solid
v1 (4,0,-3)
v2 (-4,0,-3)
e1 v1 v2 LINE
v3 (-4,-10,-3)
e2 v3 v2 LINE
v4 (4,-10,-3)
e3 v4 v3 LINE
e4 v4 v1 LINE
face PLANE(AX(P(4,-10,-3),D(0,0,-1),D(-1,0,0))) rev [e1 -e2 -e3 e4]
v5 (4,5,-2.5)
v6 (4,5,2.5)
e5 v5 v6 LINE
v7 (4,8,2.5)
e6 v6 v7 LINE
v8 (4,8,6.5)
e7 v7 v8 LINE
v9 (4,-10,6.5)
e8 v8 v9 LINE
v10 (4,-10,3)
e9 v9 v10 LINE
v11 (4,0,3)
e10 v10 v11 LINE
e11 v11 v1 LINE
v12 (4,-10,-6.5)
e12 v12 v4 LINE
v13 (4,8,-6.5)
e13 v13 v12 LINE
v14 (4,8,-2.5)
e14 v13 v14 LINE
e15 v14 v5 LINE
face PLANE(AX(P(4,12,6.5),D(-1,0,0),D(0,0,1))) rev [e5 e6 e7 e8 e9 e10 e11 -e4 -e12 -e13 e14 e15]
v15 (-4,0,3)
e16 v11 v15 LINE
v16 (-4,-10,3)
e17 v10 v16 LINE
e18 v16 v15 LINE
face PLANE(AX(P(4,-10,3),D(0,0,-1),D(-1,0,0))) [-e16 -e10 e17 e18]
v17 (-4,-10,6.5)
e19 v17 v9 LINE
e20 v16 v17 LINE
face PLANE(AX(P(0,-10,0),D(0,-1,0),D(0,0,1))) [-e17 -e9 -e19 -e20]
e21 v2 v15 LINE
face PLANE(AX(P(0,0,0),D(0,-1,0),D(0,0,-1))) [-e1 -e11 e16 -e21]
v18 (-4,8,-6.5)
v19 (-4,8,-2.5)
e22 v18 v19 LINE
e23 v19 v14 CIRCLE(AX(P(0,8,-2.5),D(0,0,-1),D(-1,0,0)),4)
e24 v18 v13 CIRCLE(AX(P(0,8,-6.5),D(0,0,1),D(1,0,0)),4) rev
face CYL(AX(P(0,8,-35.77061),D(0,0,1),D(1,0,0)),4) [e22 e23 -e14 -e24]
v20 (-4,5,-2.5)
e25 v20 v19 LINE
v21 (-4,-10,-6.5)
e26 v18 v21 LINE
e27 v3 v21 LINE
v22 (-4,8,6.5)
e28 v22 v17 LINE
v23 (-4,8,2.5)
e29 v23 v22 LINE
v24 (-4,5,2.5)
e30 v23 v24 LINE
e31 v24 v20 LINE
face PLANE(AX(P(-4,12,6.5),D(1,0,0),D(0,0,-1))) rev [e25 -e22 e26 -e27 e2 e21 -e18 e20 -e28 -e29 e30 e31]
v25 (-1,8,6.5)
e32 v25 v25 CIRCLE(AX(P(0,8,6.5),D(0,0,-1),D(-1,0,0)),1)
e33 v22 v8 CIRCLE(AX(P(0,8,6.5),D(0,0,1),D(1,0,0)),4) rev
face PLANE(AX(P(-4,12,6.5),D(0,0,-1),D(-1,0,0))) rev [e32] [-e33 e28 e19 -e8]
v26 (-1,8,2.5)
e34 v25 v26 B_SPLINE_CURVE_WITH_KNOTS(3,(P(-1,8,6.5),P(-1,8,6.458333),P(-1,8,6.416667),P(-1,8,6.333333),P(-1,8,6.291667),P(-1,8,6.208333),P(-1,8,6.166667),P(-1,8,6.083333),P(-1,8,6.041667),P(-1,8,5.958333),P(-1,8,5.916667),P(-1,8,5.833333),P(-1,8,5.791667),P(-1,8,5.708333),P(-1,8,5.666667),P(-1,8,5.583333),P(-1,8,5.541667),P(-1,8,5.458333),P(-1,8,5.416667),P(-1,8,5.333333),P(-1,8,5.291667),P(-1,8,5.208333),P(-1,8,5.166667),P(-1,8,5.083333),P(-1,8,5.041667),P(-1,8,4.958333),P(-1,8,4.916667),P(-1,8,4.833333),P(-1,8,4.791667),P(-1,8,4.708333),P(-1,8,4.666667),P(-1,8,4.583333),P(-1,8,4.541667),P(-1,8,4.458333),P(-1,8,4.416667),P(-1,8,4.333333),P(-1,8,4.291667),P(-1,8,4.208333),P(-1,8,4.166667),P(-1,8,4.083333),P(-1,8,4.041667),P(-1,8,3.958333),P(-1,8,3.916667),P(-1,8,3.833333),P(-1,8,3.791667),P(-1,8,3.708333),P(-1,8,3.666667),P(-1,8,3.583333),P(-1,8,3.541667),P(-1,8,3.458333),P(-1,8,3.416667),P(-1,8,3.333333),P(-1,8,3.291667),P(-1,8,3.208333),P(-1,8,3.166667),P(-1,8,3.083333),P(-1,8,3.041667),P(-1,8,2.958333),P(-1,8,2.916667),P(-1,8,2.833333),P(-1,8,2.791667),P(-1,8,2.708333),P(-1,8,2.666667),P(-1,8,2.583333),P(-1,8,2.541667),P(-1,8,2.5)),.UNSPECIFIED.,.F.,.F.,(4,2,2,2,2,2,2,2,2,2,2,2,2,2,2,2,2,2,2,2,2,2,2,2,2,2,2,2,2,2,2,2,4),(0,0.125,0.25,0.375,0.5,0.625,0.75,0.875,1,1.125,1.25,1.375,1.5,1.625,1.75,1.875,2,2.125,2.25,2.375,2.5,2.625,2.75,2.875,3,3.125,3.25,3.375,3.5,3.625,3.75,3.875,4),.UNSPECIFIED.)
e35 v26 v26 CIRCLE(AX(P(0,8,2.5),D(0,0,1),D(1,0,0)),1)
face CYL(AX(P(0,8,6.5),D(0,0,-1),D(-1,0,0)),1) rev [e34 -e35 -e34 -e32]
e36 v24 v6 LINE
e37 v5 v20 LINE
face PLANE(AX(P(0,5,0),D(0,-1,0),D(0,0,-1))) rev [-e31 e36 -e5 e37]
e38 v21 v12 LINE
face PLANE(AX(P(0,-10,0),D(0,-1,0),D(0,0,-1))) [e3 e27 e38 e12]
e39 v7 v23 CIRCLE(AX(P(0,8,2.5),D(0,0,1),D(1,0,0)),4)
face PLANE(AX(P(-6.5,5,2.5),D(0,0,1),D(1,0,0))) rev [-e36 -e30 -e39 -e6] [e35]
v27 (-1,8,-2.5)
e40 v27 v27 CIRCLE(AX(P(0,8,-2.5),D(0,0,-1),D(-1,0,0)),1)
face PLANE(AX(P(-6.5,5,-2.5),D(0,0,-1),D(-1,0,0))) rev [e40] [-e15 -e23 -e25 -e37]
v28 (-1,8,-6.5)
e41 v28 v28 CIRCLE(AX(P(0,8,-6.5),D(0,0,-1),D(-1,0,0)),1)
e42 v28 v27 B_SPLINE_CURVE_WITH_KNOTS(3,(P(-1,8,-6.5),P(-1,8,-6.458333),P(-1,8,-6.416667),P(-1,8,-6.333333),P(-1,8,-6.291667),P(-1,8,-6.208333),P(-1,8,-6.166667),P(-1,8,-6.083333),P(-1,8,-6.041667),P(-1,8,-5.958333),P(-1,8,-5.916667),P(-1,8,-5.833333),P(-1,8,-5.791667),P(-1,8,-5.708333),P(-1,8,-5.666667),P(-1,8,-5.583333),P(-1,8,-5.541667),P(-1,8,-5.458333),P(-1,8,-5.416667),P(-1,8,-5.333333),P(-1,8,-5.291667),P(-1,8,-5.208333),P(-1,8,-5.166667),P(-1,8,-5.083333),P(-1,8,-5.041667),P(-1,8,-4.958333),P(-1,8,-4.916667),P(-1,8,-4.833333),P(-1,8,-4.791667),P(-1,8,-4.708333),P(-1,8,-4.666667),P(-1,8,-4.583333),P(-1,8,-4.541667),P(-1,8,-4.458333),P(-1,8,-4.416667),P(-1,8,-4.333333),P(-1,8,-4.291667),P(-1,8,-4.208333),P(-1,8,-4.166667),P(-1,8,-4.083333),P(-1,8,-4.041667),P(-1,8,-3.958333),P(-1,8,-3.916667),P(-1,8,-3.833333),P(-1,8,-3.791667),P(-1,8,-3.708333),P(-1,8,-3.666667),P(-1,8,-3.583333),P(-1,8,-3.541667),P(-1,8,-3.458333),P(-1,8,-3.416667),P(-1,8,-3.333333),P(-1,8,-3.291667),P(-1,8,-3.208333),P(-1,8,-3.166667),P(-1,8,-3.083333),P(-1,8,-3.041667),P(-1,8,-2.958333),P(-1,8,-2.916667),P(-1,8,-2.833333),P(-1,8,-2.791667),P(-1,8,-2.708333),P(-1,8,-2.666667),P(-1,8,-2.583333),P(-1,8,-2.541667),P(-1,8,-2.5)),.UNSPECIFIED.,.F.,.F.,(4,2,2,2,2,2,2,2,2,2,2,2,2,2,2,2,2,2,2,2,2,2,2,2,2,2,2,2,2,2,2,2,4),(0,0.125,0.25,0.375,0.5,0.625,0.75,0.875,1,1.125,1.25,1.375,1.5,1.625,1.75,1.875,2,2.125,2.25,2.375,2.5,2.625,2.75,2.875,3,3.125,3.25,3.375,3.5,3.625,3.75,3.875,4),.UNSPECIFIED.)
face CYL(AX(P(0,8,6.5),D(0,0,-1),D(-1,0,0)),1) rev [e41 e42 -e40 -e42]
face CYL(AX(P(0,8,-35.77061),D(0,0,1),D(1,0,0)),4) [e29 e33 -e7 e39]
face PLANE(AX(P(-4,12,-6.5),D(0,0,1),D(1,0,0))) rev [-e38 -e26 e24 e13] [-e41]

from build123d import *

# Parameters (mm, degrees)
SKETCH1_W           = 8
SKETCH1_H           = 13
BOSS_EXTRUDE1_DEPTH = 12
SKETCH2_W           = 13
SKETCH2_H           = 5
CUT_EXTRUDE1_DEPTH  = 7
SKETCH3_R           = 1
CUT_EXTRUDE2_DEPTH  = 19.138357147
CUT_EXTRUDE3_START  = -13
CUT_EXTRUDE3_DEPTH  = 32.138357147
SKETCH7_W           = 8
SKETCH7_H           = 3.5
BOSS_EXTRUDE4_DEPTH = 10


with BuildPart() as part:
    # Sketch1 → Boss-Extrude1 (new body)
    with BuildSketch(Plane(origin=(0, 0, 0), x_dir=(1, 0, 0), z_dir=(0, 1, 0))):
        Rectangle(SKETCH1_W, SKETCH1_H)
    extrude(amount=BOSS_EXTRUDE1_DEPTH)

    # Sketch2 → Cut-Extrude1 (cut)
    with BuildSketch(Plane(origin=(0, 12, 0), x_dir=(1, 0, 0), z_dir=(0, 1, 0))):
        Rectangle(SKETCH2_W, SKETCH2_H)
    extrude(amount=-CUT_EXTRUDE1_DEPTH, mode=Mode.SUBTRACT)

    # Sketch3 → Cut-Extrude2 (cut, through all)
    with BuildSketch(Plane(origin=(0, 0, -6.5), x_dir=(-1, 0, 0), z_dir=(0, 0, -1))):
        with Locations((0, 8)):
            Circle(SKETCH3_R)
    extrude(amount=-CUT_EXTRUDE2_DEPTH, mode=Mode.SUBTRACT)

    # Sketch4 → Cut-Extrude3 (cut)
    with BuildSketch(Plane(origin=(0, 0, -6.5), x_dir=(-1, 0, 0), z_dir=(0, 0, -1)).offset(CUT_EXTRUDE3_START)):
        with BuildLine():
            Line((-4, -27.298221281), (-4, 8))
            ThreePointArc((-4, 8), (-2.828427125, 10.828427125), (0, 12))
            Line((0, 12), (35.298221281, 12))
            Line((35.298221281, 12), (-14.621001982, 61.919223264))
            Line((-14.621001982, 61.919223264), (-53.919223264, 22.621001982))
            Line((-53.919223264, 22.621001982), (-4, -27.298221281))
        make_face()
    cut_extrude3 = extrude(amount=CUT_EXTRUDE3_DEPTH, mode=Mode.SUBTRACT)

    # Mirror1: Cut-Extrude3 across plane
    add(cut_extrude3.mirror(Plane(origin=(0, 0, 0), x_dir=(0, 0, 1), z_dir=(1, 0, 0))), mode=Mode.SUBTRACT)

    # Sketch7 → Boss-Extrude4 (add)
    with BuildSketch(Plane.XZ):
        with Locations((0, -4.75)):
            Rectangle(SKETCH7_W, SKETCH7_H)
    boss_extrude4 = extrude(amount=BOSS_EXTRUDE4_DEPTH)

    # Mirror2: Boss-Extrude4 across plane
    add(boss_extrude4.mirror(Plane.XY))


solid = part.part
